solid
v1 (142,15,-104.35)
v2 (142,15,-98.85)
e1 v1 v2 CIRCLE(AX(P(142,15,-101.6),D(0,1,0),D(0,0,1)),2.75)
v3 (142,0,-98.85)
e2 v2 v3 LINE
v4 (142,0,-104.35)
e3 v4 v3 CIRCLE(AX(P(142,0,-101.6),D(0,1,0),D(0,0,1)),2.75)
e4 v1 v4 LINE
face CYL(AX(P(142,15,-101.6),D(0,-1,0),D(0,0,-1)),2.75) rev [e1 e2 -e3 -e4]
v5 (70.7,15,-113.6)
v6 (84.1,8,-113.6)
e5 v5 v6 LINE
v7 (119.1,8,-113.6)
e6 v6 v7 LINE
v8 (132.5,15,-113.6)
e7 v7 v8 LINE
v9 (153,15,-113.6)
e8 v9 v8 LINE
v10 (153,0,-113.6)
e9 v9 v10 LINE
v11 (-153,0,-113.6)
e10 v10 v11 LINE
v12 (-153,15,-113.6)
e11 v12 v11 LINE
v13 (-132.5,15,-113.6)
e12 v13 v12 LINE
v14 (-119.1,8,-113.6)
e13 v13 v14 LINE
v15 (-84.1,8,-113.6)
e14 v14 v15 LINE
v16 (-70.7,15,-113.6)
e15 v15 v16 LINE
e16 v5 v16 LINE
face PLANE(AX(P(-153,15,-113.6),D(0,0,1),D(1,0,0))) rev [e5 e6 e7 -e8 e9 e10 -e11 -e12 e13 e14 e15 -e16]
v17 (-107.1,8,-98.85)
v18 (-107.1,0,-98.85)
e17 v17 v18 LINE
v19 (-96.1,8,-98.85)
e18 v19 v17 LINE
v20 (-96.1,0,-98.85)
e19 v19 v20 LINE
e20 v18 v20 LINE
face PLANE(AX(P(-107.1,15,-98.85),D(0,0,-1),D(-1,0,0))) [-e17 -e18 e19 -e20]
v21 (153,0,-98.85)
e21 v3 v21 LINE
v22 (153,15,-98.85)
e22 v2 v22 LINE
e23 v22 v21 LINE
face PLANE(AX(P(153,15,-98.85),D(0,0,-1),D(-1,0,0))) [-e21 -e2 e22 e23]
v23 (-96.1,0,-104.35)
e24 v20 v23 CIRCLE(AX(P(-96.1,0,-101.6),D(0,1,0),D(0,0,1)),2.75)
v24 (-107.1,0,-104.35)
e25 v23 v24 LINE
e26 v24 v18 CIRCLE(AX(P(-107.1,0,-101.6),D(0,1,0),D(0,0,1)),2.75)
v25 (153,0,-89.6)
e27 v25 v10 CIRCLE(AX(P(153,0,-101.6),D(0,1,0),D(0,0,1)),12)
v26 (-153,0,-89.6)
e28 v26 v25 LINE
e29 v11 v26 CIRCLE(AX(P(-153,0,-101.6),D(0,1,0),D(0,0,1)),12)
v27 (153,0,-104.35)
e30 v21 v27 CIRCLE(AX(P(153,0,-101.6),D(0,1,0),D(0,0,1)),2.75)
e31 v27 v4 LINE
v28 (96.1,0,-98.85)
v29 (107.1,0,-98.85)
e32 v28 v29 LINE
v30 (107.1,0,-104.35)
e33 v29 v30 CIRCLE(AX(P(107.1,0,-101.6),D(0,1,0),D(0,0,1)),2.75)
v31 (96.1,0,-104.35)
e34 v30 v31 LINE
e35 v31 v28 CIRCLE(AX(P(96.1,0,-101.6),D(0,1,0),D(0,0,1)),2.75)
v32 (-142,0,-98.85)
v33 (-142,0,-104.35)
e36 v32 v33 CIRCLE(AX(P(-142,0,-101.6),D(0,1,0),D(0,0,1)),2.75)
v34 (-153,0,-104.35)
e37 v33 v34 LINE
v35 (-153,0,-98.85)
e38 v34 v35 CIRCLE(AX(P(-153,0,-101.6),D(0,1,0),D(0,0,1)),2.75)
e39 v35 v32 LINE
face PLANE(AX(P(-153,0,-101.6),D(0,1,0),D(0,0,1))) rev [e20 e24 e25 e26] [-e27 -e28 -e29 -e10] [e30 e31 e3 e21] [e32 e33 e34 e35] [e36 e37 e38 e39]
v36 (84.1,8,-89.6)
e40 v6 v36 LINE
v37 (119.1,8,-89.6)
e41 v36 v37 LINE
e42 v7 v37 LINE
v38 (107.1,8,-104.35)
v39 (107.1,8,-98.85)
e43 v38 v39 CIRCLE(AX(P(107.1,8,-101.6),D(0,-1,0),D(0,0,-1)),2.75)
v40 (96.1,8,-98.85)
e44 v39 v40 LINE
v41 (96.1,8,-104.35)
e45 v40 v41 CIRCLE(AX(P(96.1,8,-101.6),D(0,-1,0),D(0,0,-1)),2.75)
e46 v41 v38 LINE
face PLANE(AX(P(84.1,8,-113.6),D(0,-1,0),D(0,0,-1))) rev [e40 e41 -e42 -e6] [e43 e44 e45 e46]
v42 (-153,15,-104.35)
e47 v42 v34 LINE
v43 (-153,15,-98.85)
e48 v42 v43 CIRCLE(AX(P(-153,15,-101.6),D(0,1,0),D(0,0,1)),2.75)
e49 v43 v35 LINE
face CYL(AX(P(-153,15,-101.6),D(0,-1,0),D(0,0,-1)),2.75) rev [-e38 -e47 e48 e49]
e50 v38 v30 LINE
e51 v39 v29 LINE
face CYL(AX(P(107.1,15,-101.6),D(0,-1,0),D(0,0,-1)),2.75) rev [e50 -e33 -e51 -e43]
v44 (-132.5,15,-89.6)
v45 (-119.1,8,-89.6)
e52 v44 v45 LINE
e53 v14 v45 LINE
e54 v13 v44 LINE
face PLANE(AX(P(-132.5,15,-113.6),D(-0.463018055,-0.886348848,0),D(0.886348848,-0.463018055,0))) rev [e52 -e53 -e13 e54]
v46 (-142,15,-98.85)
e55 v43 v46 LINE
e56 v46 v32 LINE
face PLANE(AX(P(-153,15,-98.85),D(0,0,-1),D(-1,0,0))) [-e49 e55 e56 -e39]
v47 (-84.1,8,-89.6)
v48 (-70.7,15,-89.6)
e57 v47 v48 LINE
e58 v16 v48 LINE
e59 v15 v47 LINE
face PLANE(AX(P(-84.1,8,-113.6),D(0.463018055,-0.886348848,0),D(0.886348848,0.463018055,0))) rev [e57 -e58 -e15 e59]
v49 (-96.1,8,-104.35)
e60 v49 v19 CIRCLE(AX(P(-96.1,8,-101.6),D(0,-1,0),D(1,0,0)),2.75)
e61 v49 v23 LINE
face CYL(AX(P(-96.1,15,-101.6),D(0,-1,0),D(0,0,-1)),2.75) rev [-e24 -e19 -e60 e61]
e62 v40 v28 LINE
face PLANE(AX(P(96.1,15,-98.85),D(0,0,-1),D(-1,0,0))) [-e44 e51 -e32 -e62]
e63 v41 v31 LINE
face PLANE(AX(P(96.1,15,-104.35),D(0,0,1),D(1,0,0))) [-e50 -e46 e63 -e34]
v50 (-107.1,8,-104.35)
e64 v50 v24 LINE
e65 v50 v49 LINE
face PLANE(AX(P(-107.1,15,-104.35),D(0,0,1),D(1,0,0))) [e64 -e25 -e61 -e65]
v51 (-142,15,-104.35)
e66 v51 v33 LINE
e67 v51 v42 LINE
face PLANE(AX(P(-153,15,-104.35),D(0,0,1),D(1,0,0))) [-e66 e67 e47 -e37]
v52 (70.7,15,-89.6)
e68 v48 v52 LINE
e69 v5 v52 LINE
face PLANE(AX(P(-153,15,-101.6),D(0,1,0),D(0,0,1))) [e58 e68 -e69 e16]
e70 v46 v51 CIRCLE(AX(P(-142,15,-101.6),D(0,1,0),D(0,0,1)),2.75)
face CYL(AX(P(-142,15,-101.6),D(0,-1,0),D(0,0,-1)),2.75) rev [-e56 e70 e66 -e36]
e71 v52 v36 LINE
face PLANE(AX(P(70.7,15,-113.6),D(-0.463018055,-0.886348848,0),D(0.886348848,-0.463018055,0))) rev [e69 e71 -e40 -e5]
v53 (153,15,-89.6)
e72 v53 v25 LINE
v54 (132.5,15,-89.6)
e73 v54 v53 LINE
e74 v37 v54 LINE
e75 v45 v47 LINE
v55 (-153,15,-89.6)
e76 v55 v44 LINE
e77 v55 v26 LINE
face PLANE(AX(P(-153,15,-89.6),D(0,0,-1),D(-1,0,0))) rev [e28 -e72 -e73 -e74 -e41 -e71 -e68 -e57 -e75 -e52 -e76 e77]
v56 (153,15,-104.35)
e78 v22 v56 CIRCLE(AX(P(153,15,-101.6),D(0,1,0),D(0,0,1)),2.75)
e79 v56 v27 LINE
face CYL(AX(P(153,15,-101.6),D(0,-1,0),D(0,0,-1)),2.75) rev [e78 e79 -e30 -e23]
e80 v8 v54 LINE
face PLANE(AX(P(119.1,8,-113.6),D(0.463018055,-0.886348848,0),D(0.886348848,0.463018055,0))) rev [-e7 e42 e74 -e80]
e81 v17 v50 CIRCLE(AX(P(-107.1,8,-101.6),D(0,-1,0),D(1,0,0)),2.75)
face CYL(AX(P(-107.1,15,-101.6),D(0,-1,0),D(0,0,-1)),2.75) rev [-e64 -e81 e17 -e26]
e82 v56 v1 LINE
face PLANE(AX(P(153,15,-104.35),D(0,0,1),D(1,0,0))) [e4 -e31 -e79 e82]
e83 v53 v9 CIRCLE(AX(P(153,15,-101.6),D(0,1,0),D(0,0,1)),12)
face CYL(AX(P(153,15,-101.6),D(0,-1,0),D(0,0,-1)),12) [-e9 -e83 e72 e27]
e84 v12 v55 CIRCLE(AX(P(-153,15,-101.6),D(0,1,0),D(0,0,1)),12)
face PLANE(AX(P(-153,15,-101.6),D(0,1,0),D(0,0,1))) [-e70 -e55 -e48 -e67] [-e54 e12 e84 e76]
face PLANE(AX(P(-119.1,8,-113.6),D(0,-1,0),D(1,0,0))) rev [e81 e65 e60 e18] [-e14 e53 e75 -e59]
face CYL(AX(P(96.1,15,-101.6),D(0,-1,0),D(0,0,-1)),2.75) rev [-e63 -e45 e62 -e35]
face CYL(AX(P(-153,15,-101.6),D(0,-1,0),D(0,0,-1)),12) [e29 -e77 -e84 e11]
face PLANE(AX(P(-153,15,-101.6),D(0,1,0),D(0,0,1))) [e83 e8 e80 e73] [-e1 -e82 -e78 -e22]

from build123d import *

# Parameters (mm, degrees)
BOSS_EXTRUDE2_DEPTH = 15
CUT_EXTRUDE3_DEPTH  = 168.40967714


with BuildPart() as part:
    # Sketch1 → Boss-Extrude2 (new body)
    with BuildSketch(Plane(origin=(0, 0, 0), x_dir=(1, 0, 0), z_dir=(0, 1, 0))):
        with BuildLine():
            Line((-153, 113.6), (153, 113.6))
            ThreePointArc((153, 113.6), (165, 101.6), (153, 89.6))
            Line((153, 89.6), (-153, 89.6))
            ThreePointArc((-153, 89.6), (-165, 101.6), (-153, 113.6))
        make_face()
        with BuildLine():
            Line((-153, 104.35), (-142, 104.35))
            ThreePointArc((-142, 104.35), (-139.25, 101.6), (-142, 98.85))
            Line((-142, 98.85), (-153, 98.85))
            ThreePointArc((-153, 98.85), (-155.75, 101.6), (-153, 104.35))
        make_face(mode=Mode.SUBTRACT)
        with BuildLine():
            Line((-107.1, 104.35), (-96.1, 104.35))
            ThreePointArc((-96.1, 104.35), (-93.35, 101.6), (-96.1, 98.85))
            Line((-96.1, 98.85), (-107.1, 98.85))
            ThreePointArc((-107.1, 98.85), (-109.85, 101.6), (-107.1, 104.35))
        make_face(mode=Mode.SUBTRACT)
        with BuildLine():
            Line((96.1, 104.35), (107.1, 104.35))
            ThreePointArc((107.1, 104.35), (109.85, 101.6), (107.1, 98.85))
            Line((107.1, 98.85), (96.1, 98.85))
            ThreePointArc((96.1, 98.85), (93.35, 101.6), (96.1, 104.35))
        make_face(mode=Mode.SUBTRACT)
        with BuildLine():
            Line((153, 98.85), (142, 98.85))
            ThreePointArc((142, 98.85), (139.25, 101.6), (142, 104.35))
            Line((142, 104.35), (153, 104.35))
            ThreePointArc((153, 104.35), (155.75, 101.6), (153, 98.85))
        make_face(mode=Mode.SUBTRACT)
    extrude(amount=BOSS_EXTRUDE2_DEPTH)

    # Sketch4 → Cut-Extrude3 (cut, through all)
    with BuildSketch(Plane.XY.offset(-89.6)):
        Polygon((-132.5, 15), (-119.1, 8), (-84.1, 8), (-70.7, 15), align=None)
        Polygon((119.1, 8), (132.5, 15), (70.7, 15), (84.1, 8), align=None)
    extrude(amount=-CUT_EXTRUDE3_DEPTH, mode=Mode.SUBTRACT)


solid = part.part
